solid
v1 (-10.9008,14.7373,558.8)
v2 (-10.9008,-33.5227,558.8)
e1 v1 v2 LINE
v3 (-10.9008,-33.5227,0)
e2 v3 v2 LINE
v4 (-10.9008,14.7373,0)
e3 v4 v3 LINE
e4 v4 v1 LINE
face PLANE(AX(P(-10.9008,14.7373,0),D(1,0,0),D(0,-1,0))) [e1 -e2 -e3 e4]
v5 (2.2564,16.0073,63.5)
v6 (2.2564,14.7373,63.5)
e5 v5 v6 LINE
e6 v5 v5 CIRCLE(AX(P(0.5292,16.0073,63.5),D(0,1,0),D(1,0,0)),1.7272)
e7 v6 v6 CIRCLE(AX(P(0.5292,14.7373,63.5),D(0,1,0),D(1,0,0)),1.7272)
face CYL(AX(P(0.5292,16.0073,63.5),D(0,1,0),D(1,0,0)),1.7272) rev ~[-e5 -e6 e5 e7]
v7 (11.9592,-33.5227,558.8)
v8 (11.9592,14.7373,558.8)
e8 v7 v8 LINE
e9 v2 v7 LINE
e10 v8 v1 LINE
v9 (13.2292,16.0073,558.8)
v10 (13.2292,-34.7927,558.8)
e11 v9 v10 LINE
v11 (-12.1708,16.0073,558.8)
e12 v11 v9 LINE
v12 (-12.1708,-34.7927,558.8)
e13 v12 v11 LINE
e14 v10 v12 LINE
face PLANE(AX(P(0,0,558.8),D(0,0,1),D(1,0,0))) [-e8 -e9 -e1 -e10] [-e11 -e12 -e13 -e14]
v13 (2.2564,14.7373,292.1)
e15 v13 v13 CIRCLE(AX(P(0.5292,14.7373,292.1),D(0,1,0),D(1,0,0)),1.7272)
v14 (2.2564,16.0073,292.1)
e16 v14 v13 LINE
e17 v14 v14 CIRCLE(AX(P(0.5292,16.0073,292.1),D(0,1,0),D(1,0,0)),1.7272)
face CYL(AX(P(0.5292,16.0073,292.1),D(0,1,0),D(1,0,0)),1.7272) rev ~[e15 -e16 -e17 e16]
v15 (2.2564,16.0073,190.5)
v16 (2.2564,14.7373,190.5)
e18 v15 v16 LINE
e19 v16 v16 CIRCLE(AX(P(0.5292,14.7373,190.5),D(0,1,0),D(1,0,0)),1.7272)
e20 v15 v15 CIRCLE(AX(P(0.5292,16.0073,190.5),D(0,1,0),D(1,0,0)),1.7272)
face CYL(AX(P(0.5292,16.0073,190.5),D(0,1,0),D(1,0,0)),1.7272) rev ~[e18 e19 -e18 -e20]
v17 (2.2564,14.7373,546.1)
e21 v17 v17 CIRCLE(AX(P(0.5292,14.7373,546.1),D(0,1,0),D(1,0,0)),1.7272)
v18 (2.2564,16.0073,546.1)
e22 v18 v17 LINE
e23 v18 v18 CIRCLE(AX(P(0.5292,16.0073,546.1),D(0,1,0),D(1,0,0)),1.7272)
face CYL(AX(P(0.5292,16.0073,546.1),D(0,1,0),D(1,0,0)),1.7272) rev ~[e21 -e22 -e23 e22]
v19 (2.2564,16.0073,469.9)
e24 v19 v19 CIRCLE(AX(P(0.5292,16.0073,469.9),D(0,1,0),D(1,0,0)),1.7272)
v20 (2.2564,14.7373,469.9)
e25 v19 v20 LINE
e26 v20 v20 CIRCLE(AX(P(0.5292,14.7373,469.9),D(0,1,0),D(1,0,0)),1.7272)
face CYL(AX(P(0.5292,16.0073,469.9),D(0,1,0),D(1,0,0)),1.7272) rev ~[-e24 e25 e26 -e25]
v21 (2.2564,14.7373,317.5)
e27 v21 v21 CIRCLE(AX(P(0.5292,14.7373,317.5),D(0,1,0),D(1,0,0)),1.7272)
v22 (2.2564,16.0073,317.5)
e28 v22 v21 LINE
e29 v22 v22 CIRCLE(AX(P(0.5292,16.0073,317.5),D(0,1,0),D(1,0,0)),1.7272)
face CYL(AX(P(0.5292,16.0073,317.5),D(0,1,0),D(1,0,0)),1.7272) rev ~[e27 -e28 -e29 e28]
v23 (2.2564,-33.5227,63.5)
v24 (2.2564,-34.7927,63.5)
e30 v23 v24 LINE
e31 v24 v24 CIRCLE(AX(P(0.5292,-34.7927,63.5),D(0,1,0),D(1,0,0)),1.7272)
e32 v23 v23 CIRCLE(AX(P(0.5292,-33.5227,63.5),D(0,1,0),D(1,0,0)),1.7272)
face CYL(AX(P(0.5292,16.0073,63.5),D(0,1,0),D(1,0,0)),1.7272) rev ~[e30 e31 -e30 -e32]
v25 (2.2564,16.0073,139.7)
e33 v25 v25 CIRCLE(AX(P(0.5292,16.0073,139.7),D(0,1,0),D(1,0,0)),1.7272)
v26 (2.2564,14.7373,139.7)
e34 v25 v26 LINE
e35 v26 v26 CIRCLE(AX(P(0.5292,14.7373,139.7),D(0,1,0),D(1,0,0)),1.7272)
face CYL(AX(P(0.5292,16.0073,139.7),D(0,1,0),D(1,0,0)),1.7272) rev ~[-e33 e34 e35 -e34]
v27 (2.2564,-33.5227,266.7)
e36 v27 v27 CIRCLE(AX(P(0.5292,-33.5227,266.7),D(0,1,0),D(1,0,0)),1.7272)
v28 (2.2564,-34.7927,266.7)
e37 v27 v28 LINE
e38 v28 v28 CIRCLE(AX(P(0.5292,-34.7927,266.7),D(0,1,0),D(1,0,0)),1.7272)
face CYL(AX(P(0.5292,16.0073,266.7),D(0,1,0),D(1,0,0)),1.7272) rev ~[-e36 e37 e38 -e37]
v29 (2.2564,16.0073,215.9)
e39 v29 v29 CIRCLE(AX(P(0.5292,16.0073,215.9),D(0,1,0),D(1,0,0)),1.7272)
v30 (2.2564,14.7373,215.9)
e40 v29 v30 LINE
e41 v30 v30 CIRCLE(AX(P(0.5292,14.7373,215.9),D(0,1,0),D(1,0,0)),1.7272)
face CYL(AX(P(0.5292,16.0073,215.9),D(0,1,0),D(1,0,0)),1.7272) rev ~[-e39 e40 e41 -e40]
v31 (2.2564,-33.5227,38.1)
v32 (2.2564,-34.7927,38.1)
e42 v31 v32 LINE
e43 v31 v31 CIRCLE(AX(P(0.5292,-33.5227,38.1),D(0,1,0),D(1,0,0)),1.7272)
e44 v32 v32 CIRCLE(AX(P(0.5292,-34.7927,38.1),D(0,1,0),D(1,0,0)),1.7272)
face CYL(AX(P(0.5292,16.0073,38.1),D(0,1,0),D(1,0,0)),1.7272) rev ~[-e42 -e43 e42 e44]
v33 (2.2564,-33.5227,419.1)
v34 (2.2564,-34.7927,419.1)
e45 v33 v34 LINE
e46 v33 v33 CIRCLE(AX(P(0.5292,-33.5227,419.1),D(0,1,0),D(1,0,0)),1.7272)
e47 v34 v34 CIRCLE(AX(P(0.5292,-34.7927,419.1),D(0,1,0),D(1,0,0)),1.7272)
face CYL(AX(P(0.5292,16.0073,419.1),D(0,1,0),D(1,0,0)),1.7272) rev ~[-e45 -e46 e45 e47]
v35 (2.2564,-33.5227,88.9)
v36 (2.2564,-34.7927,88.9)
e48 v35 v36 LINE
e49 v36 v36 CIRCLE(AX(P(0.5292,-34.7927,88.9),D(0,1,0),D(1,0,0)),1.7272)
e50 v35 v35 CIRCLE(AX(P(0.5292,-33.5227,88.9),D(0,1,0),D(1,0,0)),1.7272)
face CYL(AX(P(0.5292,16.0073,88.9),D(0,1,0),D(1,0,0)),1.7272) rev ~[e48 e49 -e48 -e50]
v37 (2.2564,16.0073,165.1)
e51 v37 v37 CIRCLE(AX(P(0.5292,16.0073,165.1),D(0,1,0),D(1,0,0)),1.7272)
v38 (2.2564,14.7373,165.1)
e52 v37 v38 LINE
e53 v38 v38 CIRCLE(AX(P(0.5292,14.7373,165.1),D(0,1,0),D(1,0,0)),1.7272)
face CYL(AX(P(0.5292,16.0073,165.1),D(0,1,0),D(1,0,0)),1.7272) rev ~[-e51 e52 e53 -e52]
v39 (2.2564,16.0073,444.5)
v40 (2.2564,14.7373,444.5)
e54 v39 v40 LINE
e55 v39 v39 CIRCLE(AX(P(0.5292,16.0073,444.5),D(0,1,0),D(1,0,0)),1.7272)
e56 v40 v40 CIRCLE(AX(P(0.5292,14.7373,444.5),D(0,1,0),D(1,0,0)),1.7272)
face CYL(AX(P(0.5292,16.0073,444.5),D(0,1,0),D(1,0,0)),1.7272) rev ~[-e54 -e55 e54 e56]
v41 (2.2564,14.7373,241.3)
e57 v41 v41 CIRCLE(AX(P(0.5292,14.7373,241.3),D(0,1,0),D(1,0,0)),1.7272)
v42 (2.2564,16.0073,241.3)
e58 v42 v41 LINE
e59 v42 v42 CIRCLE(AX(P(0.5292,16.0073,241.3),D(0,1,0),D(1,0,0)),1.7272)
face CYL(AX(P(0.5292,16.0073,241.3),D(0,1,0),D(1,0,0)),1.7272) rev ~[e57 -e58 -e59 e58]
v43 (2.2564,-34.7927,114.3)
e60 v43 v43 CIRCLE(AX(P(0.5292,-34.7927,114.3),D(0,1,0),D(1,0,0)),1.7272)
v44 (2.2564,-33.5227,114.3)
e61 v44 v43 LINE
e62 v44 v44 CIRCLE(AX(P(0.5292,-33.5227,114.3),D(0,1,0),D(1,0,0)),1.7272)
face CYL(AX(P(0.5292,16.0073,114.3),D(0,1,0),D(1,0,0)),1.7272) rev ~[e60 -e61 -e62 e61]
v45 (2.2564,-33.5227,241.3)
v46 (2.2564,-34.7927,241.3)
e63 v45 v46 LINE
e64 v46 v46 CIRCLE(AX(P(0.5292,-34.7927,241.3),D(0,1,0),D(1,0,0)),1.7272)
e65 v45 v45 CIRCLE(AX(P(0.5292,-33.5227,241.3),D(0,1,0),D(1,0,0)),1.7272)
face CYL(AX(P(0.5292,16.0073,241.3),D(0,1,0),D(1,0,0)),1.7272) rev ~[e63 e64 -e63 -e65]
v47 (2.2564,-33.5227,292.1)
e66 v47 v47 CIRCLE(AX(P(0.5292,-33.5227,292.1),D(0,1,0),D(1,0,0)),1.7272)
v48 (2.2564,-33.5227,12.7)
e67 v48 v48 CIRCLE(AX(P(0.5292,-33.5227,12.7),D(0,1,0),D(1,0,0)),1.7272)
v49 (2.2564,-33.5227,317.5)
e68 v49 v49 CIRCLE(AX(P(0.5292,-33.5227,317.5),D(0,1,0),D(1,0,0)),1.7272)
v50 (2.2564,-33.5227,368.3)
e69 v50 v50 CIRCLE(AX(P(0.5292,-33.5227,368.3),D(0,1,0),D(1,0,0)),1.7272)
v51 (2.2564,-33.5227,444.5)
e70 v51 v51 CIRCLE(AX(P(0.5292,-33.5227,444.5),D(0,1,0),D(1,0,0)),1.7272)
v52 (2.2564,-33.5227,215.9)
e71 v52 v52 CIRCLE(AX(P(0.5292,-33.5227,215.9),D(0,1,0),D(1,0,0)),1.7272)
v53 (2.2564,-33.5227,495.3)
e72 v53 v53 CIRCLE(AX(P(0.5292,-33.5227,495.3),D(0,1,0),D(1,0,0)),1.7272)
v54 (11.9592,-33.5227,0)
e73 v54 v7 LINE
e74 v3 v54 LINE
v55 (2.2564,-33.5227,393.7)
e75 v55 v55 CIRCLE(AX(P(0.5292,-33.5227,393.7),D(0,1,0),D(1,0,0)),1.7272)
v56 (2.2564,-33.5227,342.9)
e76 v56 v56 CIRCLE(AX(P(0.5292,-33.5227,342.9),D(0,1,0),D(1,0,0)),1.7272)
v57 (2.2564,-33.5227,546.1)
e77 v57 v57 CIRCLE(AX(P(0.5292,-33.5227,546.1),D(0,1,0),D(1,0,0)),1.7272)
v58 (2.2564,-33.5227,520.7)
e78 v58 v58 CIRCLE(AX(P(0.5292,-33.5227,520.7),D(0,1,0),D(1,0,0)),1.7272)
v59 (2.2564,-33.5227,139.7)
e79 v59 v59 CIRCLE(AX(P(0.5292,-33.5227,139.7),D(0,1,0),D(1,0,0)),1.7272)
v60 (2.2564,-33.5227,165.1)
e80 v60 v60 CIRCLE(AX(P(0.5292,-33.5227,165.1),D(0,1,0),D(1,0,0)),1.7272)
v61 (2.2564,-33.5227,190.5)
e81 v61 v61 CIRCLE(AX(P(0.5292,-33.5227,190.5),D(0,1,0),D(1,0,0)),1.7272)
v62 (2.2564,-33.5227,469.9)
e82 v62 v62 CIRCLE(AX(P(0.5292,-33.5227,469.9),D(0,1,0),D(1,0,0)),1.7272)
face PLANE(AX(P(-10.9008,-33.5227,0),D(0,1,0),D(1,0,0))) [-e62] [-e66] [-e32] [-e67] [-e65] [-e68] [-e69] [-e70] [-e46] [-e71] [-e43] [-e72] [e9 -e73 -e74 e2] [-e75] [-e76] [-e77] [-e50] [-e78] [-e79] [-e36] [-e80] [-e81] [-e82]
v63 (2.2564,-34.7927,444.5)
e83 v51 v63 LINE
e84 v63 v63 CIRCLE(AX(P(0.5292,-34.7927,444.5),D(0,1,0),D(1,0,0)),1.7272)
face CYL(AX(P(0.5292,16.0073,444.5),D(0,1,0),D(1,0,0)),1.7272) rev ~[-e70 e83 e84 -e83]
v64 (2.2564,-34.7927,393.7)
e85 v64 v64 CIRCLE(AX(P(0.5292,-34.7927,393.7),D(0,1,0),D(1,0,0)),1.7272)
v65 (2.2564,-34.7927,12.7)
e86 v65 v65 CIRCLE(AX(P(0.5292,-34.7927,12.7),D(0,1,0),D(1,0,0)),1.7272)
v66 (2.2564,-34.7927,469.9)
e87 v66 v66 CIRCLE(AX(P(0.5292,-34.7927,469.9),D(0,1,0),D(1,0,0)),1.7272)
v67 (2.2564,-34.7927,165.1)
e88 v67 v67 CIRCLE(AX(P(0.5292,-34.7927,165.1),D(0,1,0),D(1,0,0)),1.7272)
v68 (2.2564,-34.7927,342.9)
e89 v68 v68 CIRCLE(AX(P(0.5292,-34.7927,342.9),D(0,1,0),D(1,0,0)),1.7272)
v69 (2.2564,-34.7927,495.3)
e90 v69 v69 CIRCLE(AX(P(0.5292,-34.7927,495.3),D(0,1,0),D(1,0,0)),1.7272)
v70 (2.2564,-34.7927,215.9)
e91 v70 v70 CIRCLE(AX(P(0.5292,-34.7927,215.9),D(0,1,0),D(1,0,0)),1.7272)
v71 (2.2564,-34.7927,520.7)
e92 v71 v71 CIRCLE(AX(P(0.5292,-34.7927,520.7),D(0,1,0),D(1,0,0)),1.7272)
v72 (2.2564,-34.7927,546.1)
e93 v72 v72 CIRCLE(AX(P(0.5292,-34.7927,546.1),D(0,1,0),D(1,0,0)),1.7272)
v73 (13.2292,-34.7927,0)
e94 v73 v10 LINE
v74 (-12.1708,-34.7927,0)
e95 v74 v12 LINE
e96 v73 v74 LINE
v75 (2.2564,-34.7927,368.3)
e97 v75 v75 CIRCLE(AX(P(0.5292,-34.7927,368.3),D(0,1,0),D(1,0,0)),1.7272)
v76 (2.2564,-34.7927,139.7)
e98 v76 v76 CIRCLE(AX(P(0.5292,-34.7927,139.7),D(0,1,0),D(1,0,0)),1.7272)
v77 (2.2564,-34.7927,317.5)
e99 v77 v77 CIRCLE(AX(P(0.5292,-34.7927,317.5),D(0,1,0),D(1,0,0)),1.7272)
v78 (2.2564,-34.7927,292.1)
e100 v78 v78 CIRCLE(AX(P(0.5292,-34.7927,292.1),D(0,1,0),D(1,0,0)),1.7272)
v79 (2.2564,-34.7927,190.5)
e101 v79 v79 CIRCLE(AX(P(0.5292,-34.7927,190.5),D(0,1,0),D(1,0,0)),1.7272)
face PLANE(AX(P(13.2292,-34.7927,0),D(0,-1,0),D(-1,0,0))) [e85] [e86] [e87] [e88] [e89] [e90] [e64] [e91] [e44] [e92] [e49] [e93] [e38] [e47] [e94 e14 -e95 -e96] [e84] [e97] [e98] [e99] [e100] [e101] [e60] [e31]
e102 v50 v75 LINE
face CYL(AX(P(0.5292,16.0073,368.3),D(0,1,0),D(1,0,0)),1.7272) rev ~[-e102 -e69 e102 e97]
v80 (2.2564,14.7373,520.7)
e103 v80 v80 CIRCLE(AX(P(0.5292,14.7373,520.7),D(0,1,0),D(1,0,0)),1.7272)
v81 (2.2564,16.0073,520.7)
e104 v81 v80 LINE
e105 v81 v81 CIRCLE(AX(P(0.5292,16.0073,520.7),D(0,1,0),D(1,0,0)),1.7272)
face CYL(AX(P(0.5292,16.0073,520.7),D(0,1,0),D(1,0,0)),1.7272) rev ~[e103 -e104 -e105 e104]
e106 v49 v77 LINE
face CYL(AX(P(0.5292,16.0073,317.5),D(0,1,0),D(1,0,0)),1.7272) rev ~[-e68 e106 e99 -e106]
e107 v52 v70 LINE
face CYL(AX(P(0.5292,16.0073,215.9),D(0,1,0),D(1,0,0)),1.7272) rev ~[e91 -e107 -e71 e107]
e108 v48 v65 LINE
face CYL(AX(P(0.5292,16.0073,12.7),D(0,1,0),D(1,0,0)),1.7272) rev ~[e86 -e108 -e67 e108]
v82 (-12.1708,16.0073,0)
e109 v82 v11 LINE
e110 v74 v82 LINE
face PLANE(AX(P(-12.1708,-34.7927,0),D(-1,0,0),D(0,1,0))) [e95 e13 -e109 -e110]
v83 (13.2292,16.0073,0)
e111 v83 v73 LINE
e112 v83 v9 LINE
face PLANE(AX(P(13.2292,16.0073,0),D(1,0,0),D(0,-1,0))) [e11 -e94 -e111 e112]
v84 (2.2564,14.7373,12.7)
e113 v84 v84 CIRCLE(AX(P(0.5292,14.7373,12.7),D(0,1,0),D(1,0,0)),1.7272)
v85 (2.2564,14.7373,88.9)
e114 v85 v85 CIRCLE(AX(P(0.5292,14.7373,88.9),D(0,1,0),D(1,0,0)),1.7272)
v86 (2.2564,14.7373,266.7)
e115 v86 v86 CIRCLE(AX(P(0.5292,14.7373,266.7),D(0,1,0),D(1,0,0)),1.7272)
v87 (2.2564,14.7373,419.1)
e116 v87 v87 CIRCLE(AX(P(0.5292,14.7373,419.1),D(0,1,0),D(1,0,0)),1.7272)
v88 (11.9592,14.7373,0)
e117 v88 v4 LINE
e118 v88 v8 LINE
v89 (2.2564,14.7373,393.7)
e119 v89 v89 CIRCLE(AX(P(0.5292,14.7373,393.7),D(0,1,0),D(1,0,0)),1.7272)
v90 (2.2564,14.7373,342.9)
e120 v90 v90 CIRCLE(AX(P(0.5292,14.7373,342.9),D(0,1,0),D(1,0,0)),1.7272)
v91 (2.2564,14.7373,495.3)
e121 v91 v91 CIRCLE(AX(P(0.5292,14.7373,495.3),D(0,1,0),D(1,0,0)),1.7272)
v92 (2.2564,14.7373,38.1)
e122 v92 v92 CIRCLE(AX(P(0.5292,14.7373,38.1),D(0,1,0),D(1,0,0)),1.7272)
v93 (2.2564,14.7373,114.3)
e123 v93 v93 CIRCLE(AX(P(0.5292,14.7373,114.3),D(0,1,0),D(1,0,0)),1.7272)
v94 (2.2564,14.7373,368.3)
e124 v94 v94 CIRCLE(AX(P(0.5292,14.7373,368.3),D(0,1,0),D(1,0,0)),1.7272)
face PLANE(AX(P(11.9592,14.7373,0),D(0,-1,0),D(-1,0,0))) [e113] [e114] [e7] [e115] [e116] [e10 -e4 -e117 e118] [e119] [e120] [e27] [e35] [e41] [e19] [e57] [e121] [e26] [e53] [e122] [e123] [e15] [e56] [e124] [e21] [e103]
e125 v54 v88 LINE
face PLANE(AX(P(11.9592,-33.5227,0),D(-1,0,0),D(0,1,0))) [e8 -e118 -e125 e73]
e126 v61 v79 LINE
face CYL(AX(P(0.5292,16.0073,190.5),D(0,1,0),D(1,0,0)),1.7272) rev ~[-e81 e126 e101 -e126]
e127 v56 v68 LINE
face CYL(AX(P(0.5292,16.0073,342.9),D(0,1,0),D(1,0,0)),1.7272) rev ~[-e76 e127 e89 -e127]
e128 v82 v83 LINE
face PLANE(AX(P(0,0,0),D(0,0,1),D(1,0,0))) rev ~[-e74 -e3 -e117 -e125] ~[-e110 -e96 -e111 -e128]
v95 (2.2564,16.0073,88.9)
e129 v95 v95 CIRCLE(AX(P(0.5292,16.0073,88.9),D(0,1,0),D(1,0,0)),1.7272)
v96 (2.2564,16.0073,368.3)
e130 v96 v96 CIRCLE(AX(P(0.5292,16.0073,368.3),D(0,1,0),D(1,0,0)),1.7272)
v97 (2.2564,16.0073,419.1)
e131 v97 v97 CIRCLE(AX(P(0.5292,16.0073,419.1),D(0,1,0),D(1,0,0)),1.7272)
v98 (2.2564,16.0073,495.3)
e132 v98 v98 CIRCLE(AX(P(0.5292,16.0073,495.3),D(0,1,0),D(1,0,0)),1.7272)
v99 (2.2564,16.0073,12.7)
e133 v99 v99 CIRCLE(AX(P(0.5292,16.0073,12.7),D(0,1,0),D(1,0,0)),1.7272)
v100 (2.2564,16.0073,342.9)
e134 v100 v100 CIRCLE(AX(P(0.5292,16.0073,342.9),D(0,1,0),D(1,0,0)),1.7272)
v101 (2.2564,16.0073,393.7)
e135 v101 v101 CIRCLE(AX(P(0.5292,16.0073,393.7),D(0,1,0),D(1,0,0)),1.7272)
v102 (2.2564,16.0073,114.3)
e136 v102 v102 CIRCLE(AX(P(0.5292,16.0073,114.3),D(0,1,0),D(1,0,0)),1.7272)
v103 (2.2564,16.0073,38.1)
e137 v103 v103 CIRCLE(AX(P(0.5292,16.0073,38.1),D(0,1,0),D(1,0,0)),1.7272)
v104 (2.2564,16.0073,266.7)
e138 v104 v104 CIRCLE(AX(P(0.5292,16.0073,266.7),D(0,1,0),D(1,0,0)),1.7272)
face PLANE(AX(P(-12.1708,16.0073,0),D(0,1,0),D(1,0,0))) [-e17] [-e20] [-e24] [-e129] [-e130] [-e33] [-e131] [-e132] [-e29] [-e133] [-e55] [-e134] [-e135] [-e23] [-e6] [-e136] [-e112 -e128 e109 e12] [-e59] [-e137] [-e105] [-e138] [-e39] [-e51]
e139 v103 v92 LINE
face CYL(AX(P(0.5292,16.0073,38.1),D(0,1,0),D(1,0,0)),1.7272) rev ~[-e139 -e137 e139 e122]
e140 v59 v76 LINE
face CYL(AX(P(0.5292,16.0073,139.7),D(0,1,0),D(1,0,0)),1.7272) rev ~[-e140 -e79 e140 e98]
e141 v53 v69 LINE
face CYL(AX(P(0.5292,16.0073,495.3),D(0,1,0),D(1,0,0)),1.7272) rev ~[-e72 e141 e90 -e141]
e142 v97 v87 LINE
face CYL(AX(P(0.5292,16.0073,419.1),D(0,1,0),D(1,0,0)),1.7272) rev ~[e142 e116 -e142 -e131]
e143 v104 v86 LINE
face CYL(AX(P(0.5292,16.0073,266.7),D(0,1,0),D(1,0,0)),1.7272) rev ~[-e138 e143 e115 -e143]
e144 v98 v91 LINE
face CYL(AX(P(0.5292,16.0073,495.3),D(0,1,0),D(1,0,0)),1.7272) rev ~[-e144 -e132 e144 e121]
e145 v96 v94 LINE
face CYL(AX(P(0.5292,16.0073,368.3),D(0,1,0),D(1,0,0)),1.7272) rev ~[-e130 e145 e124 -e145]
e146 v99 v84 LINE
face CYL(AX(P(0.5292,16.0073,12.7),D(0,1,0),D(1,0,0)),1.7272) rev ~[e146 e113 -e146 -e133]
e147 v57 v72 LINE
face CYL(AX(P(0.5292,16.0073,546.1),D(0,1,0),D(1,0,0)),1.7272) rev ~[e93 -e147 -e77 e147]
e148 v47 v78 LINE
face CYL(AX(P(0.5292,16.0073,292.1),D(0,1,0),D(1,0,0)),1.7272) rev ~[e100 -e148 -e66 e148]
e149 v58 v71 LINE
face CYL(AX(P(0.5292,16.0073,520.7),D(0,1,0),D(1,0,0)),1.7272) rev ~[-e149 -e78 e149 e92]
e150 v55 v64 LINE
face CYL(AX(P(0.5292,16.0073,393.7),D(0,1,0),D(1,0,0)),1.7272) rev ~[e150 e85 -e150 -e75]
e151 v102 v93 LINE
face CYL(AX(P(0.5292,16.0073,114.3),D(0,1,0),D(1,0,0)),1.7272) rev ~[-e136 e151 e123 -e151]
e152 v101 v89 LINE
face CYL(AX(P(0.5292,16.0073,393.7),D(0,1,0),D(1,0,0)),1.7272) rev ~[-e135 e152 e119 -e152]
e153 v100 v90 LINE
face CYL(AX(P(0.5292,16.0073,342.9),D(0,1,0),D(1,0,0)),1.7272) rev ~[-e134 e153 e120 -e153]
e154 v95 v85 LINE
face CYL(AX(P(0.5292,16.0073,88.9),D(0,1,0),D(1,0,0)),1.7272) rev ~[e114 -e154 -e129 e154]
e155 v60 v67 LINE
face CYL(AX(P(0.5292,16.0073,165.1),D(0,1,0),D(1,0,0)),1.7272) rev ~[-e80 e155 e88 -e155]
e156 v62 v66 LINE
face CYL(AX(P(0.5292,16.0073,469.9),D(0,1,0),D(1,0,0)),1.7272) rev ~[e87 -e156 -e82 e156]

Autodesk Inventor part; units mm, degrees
ref_plane "YZ Plane" through (0, 0, 0) normal (1, 0, 0) x (0, 1, 0)
ref_plane "XZ Plane" through (0, 0, 0) normal (0, 1, 0) x (-1, 0, 0)
ref_plane "XY Plane" through (0, 0, 0) normal (0, 0, 1) x (1, 0, 0)
sketch "Sketch1" plane through (0, 0, 0) normal (0, 0, 1) x (1, 0, 0)
  line L0 (-12.1708, 16.0073) -> (13.2292, 16.0073)
  line L1 (13.2292, 16.0073) -> (13.2292, -34.7927)
  line L2 (13.2292, -34.7927) -> (-12.1708, -34.7927)
  line L3 (-12.1708, -34.7927) -> (-12.1708, 16.0073)
  line L4 (11.9592, 14.7373) -> (-10.9008, 14.7373)
  line L5 (-10.9008, 14.7373) -> (-10.9008, -33.5227)
  line L6 (-10.9008, -33.5227) -> (11.9592, -33.5227)
  line L7 (11.9592, -33.5227) -> (11.9592, 14.7373)
  point P0 (0, 0)
  dimension "d0" = 25.4
  dimension "d1" = 50.8
  dimension "d2" = 1.27
extrude "Extrusion1" add sketch "Sketch1" along normal blind 558.8
sketch "Sketch2" plane through (-12.1708, 16.0073, 0) normal (0, 1, 0) x (1, 0, 0)
  circle A0 centre (12.7, -12.7) radius 1.7272
  line L0 (25.4, 0) -> (0, 0) projected
  line L1 (0, 0) -> (0, -558.8) projected
  point P0 (12.1708, 0)
  dimension "d5" = 3.4544
  dimension "d6" = 12.7
  dimension "d7" = 12.7
extrude "Extrusion2" cut sketch "Sketch2" against normal through all
pattern_linear "Rectangular Pattern1" count 56 spacing 25.4 along (0, 0, 1) of "Extrusion2"
equation "\"d3\" = d13"
equation "\"d10\" = d14"
equation "\"d13\" = 558.8"
equation "\"d14\" = d13"
properties part number "VersaFrame( perimiter peices A)"
